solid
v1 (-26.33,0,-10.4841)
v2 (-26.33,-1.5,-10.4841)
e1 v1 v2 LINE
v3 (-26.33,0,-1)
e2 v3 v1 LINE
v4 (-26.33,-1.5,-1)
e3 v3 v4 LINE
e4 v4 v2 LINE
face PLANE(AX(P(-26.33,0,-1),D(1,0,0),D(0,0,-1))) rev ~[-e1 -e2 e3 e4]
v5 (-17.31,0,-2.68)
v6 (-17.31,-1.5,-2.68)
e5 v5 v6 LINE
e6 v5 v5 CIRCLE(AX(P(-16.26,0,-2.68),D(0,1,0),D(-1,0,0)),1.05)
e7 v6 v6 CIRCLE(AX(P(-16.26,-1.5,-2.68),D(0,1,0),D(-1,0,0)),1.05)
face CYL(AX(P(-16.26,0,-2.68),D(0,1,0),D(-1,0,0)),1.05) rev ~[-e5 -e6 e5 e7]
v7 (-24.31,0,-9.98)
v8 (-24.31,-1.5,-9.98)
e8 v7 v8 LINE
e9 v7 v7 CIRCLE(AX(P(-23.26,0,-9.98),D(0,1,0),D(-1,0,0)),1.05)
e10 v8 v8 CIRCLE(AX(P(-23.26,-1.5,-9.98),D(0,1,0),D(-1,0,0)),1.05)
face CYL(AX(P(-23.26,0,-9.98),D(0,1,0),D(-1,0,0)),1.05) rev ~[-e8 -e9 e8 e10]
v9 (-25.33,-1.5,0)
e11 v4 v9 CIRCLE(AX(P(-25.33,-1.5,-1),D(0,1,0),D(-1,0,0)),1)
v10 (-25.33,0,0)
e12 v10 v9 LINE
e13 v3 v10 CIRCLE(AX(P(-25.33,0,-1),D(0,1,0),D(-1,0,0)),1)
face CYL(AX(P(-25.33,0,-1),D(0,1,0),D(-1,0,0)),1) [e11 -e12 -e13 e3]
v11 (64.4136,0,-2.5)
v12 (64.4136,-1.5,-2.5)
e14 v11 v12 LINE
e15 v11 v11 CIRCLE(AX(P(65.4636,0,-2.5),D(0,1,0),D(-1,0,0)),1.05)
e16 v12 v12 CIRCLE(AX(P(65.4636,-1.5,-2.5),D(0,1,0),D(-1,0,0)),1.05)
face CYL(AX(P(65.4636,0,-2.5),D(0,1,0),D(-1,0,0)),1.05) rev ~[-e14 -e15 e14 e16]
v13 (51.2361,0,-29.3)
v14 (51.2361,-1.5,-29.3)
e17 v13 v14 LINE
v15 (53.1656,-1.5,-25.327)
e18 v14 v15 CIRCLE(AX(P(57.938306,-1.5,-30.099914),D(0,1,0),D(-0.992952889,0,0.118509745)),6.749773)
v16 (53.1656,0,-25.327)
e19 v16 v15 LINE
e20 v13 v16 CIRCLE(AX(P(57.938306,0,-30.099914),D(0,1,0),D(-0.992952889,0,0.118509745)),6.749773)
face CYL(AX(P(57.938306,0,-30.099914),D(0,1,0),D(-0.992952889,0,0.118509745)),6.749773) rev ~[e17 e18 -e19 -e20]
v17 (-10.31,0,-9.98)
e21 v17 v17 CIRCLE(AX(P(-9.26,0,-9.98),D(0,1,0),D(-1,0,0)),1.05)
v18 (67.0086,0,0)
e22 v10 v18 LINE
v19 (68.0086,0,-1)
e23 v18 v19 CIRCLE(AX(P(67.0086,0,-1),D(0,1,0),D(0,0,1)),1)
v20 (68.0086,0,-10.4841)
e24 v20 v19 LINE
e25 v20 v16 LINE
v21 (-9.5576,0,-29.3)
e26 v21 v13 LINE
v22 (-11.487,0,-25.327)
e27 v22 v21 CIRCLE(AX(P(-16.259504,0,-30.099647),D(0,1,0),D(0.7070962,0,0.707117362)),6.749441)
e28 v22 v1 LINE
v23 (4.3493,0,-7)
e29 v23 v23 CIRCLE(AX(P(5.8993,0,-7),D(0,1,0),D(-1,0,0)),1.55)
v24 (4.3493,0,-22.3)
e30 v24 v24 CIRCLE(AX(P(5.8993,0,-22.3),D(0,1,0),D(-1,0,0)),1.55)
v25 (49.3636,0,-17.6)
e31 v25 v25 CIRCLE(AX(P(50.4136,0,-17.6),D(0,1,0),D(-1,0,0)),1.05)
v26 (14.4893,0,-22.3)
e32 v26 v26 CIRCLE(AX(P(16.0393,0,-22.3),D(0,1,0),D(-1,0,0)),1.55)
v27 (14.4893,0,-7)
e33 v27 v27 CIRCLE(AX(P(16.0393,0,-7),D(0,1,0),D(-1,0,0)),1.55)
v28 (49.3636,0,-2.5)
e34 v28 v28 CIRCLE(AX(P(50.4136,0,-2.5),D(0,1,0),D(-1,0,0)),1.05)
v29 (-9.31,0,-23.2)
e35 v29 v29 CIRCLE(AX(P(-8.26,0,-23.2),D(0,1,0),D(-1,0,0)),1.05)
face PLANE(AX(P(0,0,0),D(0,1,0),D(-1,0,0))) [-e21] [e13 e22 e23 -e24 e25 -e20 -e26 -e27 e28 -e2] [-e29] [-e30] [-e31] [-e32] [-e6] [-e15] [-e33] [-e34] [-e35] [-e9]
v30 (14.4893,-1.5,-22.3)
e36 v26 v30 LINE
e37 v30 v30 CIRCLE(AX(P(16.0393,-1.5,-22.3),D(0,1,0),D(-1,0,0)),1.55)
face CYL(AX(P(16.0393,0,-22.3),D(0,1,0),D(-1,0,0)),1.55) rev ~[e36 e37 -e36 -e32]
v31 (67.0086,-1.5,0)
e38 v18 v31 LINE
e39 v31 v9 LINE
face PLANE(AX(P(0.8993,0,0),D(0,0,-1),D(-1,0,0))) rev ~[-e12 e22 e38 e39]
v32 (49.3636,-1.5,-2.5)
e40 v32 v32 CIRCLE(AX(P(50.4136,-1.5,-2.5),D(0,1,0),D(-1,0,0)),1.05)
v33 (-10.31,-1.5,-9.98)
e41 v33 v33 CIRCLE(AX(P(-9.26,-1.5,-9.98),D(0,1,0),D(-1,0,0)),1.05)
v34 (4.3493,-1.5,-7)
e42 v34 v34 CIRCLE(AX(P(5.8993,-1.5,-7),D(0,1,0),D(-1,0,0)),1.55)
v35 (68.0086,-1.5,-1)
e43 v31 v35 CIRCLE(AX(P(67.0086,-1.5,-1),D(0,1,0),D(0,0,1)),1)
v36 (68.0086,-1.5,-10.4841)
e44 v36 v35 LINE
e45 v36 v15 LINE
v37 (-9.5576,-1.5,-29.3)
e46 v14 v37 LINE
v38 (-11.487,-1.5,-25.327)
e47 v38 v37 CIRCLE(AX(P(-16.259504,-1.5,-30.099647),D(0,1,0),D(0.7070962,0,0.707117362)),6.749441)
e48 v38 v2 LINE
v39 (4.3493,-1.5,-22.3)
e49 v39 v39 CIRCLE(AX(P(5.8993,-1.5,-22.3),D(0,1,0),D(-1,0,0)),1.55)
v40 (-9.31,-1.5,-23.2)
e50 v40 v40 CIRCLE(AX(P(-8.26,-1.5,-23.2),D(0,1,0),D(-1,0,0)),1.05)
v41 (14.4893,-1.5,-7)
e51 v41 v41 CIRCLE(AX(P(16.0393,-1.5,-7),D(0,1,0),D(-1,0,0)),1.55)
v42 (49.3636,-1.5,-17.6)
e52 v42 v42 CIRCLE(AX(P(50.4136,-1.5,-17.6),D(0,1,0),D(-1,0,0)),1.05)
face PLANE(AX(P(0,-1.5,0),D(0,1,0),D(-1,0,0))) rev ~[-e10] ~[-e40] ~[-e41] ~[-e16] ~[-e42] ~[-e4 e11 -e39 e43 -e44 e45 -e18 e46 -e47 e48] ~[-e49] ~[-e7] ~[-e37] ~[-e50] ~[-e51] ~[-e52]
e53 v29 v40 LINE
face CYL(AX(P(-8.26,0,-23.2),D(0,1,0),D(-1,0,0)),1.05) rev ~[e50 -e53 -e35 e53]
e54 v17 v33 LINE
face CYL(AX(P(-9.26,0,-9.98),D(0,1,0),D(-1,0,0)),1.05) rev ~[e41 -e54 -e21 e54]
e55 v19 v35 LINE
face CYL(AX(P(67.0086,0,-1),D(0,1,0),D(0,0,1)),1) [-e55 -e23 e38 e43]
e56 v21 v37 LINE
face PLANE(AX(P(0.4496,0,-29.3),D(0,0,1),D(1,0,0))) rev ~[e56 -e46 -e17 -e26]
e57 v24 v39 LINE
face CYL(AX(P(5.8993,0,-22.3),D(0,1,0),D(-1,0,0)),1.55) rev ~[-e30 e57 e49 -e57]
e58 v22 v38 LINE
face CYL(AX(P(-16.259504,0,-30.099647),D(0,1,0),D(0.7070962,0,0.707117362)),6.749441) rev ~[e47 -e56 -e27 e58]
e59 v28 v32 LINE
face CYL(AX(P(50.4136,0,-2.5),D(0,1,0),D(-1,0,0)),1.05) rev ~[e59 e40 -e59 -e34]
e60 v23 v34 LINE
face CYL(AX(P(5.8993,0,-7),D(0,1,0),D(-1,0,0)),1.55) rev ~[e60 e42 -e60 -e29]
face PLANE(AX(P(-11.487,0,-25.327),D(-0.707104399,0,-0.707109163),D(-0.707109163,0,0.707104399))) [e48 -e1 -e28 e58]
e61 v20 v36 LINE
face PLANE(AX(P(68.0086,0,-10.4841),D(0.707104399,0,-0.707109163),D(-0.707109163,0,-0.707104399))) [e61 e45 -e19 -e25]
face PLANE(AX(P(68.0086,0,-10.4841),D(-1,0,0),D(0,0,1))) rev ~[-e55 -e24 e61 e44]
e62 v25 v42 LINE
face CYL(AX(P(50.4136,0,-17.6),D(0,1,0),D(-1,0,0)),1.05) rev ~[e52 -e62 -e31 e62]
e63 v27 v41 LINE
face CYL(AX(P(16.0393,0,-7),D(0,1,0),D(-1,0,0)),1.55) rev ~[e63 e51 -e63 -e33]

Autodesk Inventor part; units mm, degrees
ref_plane "YZ Plane" through (0, 0, 0) normal (1, 0, 0) x (0, 1, 0)
ref_plane "XZ Plane" through (0, 0, 0) normal (0, 1, 0) x (-1, 0, 0)
ref_plane "XY Plane" through (0, 0, 0) normal (0, 0, 1) x (1, 0, 0)
sketch "Sketch1" plane through (0, 0, 0) normal (0, 1, 0) x (-1, 0, 0)
  line L0 (-0.4496, -29.3) -> (-0.4496, 0)
  line L1 (-41.2289, 0) -> (-41.2289, -29.3)
  circle A0 centre (8.26, -23.2) radius 1.05
  circle A1 centre (9.26, -9.98) radius 1.05
  circle A2 centre (16.26, -2.68) radius 1.05
  circle A3 centre (23.26, -9.98) radius 1.05
  circle A4 centre (-5.8993, -7) radius 1.55
  circle A5 centre (-16.0393, -7) radius 1.55
  circle A6 centre (-5.8993, -22.3) radius 1.55
  circle A7 centre (-16.0393, -22.3) radius 1.55
  circle A8 centre (-50.4136, -2.5) radius 1.05
  circle A9 centre (-65.4636, -2.5) radius 1.05
  circle A10 centre (-50.4136, -17.6) radius 1.05
  line L2 (-68.0086, -10.4841) -> (-53.1656, -25.327)
  line L3 (-68.0086, -10.4841) -> (-68.0086, -1)
  arc A11 (-51.2361, -29.3) -> (-53.1656, -25.327) centre (-57.9386, -30.1) ccw
  line L4 (9.5576, -29.3) -> (-51.2361, -29.3)
  arc A12 (11.487, -25.327) -> (9.5576, -29.3) centre (16.26, -30.1) ccw
  line L5 (11.487, -25.327) -> (26.33, -10.4841)
  line L6 (26.33, -1) -> (26.33, -10.4841)
  arc A13 (26.33, -1) -> (25.33, 0) centre (25.33, -1) ccw
  line L7 (-67.0086, 0) -> (25.33, 0)
  arc A14 (-67.0086, 0) -> (-68.0086, -1) centre (-67.0086, -1) ccw
  line L8 (-41.6786, -29.3) -> (-41.6786, 0)
  line L9 (-40.7793, 0) -> (-40.7793, -29.3)
  line L10 (-0.8993, -29.3) -> (-0.8993, 0)
  line L11 (0, 0) -> (0, -29.3)
  point P0 (0, 0)
extrude "Extrusion1" add sketch "Sketch1" against normal blind 1.5
properties part number "axis_16_bottom_frame"
